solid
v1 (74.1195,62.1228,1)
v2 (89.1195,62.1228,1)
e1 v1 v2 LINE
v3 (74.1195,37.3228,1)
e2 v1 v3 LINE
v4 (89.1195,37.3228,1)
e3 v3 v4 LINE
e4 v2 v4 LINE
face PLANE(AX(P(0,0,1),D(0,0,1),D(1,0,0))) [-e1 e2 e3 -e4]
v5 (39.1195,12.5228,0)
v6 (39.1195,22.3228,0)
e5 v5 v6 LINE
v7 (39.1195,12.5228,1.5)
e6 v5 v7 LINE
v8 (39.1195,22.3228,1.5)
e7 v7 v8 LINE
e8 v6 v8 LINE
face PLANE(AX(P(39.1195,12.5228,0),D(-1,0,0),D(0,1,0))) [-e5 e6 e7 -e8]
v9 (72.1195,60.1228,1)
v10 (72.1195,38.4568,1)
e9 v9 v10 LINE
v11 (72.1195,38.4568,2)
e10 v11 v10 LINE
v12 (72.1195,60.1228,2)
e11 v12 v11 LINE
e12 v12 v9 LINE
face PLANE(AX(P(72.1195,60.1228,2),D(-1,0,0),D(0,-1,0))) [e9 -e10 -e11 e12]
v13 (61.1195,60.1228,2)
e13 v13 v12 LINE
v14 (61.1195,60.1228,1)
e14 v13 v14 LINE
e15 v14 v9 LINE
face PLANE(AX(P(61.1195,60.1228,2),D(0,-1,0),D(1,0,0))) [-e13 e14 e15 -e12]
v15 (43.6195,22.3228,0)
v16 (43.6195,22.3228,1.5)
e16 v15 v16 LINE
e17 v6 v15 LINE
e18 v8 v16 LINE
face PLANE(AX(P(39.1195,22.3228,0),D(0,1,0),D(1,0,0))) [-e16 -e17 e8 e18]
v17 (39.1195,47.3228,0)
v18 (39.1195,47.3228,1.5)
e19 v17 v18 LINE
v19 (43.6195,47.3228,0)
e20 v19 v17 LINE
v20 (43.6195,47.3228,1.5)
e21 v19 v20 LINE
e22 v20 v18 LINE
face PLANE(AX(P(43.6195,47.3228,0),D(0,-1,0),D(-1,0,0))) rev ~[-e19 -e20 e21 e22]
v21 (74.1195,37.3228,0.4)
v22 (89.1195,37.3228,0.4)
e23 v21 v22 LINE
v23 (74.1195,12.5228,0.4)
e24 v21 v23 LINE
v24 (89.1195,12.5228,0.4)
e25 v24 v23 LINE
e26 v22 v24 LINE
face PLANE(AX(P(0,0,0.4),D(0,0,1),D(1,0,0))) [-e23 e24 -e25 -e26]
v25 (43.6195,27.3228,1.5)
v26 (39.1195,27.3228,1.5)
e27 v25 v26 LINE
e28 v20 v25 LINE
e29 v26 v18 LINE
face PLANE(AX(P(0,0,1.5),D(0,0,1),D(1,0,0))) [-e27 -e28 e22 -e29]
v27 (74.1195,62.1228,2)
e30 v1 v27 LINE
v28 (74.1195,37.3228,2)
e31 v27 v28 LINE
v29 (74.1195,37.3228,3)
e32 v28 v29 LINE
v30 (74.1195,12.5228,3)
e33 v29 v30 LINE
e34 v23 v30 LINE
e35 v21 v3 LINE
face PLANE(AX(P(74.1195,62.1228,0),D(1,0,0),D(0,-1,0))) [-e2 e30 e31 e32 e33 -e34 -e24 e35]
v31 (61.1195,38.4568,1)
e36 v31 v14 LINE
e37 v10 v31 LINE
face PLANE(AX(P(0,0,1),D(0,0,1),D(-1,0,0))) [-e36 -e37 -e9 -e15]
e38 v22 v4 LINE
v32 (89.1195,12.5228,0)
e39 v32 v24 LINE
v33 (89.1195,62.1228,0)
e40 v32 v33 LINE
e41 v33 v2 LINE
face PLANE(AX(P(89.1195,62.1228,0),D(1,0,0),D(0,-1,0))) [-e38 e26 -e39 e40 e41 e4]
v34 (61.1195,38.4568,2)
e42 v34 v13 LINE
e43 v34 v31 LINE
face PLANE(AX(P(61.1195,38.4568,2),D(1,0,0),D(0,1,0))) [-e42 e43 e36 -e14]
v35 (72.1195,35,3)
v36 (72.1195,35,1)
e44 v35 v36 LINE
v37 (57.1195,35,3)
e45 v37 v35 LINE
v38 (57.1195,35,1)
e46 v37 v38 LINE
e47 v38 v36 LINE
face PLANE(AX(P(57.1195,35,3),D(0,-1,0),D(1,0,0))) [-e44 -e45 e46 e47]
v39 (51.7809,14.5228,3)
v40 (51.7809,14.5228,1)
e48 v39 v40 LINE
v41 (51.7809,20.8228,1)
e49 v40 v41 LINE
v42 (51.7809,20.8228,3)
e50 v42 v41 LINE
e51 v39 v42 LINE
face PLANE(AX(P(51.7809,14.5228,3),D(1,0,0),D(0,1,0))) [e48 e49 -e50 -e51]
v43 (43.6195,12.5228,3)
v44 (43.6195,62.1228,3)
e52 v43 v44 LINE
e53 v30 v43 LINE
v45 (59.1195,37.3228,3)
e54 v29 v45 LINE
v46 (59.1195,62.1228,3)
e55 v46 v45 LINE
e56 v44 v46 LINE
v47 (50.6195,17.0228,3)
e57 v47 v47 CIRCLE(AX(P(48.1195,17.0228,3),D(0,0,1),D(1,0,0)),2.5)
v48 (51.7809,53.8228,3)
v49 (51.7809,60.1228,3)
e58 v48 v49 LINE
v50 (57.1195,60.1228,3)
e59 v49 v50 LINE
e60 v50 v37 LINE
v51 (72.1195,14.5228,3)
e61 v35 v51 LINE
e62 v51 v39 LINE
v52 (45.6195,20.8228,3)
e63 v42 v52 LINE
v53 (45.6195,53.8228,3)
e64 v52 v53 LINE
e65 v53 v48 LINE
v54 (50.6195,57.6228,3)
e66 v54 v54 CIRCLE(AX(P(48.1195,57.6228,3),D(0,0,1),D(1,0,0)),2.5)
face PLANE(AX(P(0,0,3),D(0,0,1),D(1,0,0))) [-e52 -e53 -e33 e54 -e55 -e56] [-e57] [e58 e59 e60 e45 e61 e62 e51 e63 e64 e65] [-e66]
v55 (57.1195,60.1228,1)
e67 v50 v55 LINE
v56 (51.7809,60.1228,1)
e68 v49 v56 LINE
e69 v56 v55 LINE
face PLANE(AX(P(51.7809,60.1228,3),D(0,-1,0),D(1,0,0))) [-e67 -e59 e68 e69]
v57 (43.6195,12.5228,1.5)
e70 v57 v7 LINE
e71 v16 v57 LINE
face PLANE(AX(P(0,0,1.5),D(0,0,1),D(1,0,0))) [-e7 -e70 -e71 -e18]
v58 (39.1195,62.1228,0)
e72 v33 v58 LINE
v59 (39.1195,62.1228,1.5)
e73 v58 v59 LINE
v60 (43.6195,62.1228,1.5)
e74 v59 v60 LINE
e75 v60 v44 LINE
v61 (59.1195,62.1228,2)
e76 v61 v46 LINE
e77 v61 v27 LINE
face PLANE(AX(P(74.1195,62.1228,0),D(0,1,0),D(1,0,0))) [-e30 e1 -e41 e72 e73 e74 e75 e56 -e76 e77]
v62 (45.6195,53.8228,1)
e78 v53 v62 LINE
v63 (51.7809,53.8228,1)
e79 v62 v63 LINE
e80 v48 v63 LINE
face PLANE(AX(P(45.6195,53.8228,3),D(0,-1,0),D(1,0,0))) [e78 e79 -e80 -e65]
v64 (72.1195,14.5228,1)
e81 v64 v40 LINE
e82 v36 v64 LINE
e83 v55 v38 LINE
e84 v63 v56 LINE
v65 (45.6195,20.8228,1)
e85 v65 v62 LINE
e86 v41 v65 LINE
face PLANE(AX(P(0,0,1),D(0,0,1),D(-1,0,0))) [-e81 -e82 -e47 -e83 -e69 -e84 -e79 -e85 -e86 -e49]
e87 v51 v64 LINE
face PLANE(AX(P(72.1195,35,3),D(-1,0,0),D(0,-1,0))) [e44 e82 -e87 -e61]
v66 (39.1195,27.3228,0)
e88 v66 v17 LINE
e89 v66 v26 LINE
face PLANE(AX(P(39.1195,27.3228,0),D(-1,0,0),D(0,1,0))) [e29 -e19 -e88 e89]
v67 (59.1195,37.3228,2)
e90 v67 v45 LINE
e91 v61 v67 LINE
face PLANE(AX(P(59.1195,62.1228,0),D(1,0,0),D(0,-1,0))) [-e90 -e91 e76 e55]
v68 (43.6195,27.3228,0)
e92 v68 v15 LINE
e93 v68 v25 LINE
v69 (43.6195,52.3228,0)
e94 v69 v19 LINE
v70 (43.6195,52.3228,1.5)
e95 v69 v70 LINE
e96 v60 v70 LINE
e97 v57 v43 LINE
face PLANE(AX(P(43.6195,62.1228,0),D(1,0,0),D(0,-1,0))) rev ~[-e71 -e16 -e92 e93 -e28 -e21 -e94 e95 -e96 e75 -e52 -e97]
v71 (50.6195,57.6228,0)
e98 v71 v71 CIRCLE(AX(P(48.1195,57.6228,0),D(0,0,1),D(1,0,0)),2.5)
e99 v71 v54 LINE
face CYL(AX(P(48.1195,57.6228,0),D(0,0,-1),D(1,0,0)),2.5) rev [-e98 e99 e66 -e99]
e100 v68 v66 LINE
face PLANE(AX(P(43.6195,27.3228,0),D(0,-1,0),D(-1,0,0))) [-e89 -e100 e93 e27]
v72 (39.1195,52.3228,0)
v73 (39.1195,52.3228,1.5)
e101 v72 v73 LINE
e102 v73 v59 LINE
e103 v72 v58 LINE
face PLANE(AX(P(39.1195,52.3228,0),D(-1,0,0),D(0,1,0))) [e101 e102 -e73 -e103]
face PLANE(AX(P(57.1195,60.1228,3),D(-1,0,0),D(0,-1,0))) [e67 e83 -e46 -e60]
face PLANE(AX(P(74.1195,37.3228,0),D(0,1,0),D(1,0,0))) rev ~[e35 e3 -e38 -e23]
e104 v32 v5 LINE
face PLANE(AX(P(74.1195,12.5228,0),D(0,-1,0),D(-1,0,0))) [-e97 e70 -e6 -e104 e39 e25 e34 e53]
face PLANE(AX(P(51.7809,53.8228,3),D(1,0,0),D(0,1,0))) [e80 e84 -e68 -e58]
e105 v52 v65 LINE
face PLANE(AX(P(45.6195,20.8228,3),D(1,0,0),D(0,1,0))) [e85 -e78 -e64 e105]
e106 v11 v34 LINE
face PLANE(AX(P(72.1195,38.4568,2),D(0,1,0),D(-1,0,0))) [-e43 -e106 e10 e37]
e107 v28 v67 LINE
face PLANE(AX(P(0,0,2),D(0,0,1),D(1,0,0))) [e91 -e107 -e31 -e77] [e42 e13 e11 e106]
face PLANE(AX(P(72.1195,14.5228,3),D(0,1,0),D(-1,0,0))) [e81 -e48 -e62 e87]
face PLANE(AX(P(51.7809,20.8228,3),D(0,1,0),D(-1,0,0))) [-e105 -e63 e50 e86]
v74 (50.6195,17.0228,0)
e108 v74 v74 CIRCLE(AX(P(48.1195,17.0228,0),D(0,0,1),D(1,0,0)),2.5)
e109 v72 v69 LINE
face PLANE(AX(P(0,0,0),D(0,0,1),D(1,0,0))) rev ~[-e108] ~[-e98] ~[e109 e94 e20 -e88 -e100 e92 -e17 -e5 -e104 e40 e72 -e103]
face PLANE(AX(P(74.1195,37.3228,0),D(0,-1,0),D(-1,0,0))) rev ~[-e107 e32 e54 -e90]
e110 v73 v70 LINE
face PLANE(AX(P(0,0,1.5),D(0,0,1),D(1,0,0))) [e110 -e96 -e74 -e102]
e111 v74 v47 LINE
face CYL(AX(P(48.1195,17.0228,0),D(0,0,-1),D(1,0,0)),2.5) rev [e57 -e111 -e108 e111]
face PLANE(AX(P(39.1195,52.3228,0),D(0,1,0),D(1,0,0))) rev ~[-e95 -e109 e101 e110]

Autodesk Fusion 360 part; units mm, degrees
sketch "Schizzo1" plane through (0, 0, 0) normal (0, 0, 1) x (1, 0, 0)
  line L0 (39.1195, 62.1228) -> (89.1195, 62.1228)
  line L1 (89.1195, 62.1228) -> (89.1195, 12.5228)
  line L2 (89.1195, 12.5228) -> (39.1195, 12.5228)
  line L3 (39.1195, 12.5228) -> (39.1195, 62.1228)
  line L4 (43.6195, 62.1228) -> (43.6195, 12.5228)
  line L5 (74.1195, 62.1228) -> (74.1195, 12.5228)
  line L6 (39.1195, 37.3228) -> (89.1195, 37.3228) construction
  line L7 (48.1195, 62.1228) -> (48.1195, 12.5228) construction
  circle A0 centre (48.1195, 57.6228) radius 2.5
  circle A1 centre (48.1195, 17.0228) radius 2.5
  line L8 (74.1195, 37.3228) -> (89.1195, 37.3228)
  line L9 (86.071, 62.1228) -> (86.071, 12.5228) construction
  line L10 (59.1195, 62.1228) -> (59.1195, 37.3228)
  line L11 (74.1195, 37.3228) -> (59.1195, 37.3228)
  line L12 (39.1195, 52.3228) -> (43.6195, 52.3228)
  line L13 (43.6195, 52.3228) -> (43.6195, 47.3228)
  line L14 (43.6195, 47.3228) -> (39.1195, 47.3228)
  line L15 (39.1195, 47.3228) -> (39.1195, 52.3228)
  line L16 (43.6195, 27.3228) -> (39.1195, 27.3228)
  line L17 (39.1195, 22.3228) -> (43.6195, 22.3228)
  line L18 (39.1195, 49.8228) -> (43.6195, 49.8228) construction
  line L19 (39.1195, 24.8228) -> (43.6195, 24.8228) construction
  dimension "d1" = 50
  dimension "d2" = 49.6
  dimension "d3" = 4.5
  dimension "d4" = 15
  dimension "d6" = 5
  dimension "d7" = 40.6
  dimension "d26" = 9
  dimension "d29" = 15
  dimension "d40" = 5
  dimension "d41" = 25
extrude "Estrusione1" add sketch "Schizzo1" along normal blind 3 contours L0 L2 L4 L5 L10 L11 L13
extrude "Estrusione7" add sketch "Schizzo1" along normal blind 2 contours L0 L5 L10 L11
extrude "Estrusione2" add sketch "Schizzo1" along normal blind 0.4 contours L1 L2 L5 L8
extrude "Estrusione6" add sketch "Schizzo1" along normal blind 1 contours L0 L1 L5 L8
extrude "Estrusione3" add sketch "Schizzo1" along normal blind 1.5 contours L0 L3 L4 L12 | L3 L4 L14 L16 | L2 L3 L4 L17
sketch "Schizzo4" plane through (0, 0, 3) normal (0, 0, 1) x (-1, 0, 0)
  circle A0 centre (-48.1195, -57.6228) radius 2.5
  circle A1 centre (-48.1195, -17.0228) radius 2.5
  line L0 (-74.1195, -12.5228) -> (-74.1195, -37.3228)
  line L1 (-74.1195, -37.3228) -> (-59.1195, -37.3228)
  line L2 (-59.1195, -37.3228) -> (-59.1195, -62.1228)
  line L3 (-59.1195, -62.1228) -> (-43.6195, -62.1228)
  line L4 (-43.6195, -62.1228) -> (-43.6195, -12.5228)
  line L5 (-43.6195, -12.5228) -> (-74.1195, -12.5228)
  line L6 (-59.1195, -37.3228) -> (-45.6195, -37.3228) construction
  line L7 (-51.7809, -60.1228) -> (-57.1195, -60.1228)
  line L8 (-57.1195, -60.1228) -> (-57.1195, -35)
  line L9 (-57.1195, -35) -> (-72.1195, -35)
  line L10 (-72.1195, -35) -> (-72.1195, -14.5228)
  line L11 (-72.1195, -14.5228) -> (-51.7809, -14.5228)
  line L12 (-51.7809, -14.5228) -> (-51.7809, -20.8228)
  line L13 (-51.7809, -20.8228) -> (-45.6195, -20.8228)
  line L14 (-45.6195, -20.8228) -> (-45.6195, -53.8228)
  line L15 (-45.6195, -53.8228) -> (-51.7809, -53.8228)
  line L16 (-51.7809, -53.8228) -> (-51.7809, -60.1228)
  point P0 (-45.6195, -37.3228)
  dimension "d47" = 2
  dimension "d48" = 2
  dimension "d49" = 2
  dimension "d50" = 2
  dimension "d51" = 2
  dimension "d52" = 33
sketch "Schizzo5" plane through (0, 0, 2) normal (0, 0, 1) x (-1, 0, 0)
  line L0 (-59.1195, -62.1228) -> (-59.1195, -37.3228)
  line L1 (-59.1195, -37.3228) -> (-74.1195, -37.3228)
  line L2 (-74.1195, -37.3228) -> (-74.1195, -62.1228)
  line L3 (-74.1195, -62.1228) -> (-59.1195, -62.1228)
  line L4 (-61.1195, -60.1228) -> (-72.1195, -60.1228)
  line L5 (-72.1195, -60.1228) -> (-72.1195, -38.4568)
  line L6 (-72.1195, -38.4568) -> (-61.1195, -38.4568)
  line L7 (-61.1195, -38.4568) -> (-61.1195, -60.1228)
  line L8 (-59.1195, -37.3228) -> (-59.1195, -62.1228)
  dimension "d42" = 2
  dimension "d43" = 2
  dimension "d44" = 2
sketch "Schizzo6" plane through (0, 0, 1) normal (0, 0, 1) x (-1, 0, 0)
  line L0 (-74.1195, -62.1228) -> (-74.1195, -37.3228)
  line L1 (-74.1195, -37.3228) -> (-89.1195, -37.3228)
  line L2 (-89.1195, -37.3228) -> (-89.1195, -62.1228)
  line L3 (-89.1195, -62.1228) -> (-74.1195, -62.1228)
extrude "Estrusione10" cut sketch "Schizzo5" against normal blind 1 contours L4 L5 L6 L7
extrude "Estrusione11" cut sketch "Schizzo4" against normal blind 2 contours L7 L8 L9 L10 L11 L12 L13 L14 L15 L16
extrude "Estrusione9" [suppressed]
extrude "Estrusione8" [suppressed]
equation "d2 = 50 mm - 0.4 mm"
equation "d7 = d2 - 9 mm"
